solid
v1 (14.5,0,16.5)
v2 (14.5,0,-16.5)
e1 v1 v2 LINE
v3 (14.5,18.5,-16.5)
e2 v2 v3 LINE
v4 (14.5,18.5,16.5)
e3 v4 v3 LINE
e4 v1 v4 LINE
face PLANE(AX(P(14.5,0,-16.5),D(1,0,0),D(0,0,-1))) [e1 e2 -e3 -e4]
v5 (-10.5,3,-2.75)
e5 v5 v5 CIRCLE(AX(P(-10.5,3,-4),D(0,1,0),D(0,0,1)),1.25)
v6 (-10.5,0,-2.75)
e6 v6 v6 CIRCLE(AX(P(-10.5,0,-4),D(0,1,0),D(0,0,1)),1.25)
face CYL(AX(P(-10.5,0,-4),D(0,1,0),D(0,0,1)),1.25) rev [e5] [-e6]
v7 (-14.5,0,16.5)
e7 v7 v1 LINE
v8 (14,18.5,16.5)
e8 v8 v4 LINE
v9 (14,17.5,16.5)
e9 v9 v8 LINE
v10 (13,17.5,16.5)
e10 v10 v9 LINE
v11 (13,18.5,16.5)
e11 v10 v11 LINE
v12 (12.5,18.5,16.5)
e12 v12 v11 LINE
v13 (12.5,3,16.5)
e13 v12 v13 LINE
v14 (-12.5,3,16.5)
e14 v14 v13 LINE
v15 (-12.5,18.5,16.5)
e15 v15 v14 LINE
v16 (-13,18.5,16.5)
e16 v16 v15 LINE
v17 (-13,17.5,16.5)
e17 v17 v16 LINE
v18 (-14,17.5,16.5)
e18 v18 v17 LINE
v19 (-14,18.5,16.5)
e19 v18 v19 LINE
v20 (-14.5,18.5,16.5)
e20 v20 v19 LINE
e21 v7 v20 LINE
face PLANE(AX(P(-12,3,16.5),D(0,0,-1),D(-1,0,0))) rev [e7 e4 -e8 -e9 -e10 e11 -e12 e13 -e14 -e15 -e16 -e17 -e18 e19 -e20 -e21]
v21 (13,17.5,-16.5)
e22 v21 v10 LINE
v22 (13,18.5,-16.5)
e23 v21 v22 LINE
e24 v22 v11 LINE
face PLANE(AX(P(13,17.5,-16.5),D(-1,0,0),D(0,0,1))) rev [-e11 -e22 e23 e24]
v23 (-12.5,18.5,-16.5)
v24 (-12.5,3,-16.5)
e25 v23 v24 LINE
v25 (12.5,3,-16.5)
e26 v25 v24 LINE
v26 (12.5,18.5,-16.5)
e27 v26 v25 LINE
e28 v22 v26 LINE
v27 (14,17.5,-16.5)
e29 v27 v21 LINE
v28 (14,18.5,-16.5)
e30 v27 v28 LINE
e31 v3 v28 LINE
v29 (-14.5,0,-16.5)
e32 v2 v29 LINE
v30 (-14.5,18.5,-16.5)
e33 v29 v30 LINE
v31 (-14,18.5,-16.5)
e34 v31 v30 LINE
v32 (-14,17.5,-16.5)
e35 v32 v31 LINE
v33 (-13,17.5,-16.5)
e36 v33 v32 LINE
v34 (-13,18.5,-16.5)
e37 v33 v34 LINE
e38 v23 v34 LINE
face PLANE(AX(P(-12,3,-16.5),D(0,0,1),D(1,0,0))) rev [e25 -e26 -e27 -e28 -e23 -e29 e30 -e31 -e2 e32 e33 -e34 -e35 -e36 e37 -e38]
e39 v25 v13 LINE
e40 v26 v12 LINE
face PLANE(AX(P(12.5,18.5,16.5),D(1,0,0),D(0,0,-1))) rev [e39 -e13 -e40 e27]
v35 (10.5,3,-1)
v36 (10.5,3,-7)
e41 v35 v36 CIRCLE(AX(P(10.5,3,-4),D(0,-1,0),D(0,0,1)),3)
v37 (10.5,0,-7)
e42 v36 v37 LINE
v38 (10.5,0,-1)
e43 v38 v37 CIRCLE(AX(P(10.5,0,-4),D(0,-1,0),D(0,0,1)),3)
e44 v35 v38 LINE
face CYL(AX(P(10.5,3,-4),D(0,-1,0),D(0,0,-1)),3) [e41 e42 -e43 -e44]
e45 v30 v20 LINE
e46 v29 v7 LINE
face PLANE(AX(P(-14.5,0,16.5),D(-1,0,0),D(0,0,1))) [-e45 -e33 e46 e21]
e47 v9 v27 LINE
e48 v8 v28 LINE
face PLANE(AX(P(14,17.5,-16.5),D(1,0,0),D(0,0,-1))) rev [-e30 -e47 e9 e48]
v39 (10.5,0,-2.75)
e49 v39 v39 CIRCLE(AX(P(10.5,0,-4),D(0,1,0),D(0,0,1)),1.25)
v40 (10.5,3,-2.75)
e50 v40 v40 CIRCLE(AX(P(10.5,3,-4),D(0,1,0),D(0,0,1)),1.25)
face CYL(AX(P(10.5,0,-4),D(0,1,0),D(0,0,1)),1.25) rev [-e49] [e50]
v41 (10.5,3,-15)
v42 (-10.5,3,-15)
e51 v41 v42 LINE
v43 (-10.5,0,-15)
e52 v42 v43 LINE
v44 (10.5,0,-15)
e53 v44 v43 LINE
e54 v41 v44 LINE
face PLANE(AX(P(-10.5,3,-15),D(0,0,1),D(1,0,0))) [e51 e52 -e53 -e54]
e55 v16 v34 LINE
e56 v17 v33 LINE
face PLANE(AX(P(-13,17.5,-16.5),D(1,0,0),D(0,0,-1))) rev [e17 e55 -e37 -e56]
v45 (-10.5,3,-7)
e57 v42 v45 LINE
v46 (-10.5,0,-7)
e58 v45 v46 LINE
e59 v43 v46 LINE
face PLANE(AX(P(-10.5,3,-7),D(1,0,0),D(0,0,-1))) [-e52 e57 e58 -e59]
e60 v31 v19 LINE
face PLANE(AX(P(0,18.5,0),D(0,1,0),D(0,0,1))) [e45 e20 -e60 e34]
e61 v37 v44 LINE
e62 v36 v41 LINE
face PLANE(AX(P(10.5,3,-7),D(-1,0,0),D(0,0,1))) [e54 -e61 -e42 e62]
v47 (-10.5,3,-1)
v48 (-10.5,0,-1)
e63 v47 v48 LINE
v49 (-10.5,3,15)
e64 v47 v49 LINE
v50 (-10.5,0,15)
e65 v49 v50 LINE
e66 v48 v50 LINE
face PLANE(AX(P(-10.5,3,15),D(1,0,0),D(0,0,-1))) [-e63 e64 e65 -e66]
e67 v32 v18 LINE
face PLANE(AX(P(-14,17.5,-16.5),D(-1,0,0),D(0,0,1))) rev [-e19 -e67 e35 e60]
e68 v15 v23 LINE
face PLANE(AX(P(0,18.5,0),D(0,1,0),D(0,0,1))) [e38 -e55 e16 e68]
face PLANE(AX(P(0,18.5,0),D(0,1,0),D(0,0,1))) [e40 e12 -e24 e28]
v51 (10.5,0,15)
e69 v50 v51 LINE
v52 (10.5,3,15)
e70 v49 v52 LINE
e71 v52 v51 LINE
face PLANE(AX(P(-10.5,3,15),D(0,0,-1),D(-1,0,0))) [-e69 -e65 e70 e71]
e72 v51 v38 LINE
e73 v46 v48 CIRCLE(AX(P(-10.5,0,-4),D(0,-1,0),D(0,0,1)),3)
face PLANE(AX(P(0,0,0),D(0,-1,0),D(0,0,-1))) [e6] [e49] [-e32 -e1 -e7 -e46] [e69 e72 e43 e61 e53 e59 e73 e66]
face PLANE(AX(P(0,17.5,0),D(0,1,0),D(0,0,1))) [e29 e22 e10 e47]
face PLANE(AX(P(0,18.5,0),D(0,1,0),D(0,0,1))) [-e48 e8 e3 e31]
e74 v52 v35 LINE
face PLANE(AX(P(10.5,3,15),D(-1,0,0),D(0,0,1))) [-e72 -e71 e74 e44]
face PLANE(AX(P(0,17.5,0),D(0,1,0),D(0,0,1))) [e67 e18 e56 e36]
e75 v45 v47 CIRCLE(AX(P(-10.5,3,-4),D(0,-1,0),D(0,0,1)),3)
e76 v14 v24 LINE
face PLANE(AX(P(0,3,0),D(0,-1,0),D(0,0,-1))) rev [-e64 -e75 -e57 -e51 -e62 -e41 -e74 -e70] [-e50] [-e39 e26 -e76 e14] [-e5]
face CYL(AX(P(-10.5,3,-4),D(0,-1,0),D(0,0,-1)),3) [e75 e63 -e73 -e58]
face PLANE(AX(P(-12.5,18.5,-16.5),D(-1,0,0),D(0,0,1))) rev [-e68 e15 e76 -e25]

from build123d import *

# Parameters (mm, degrees)
SKETCH1_W           = 24
SKETCH1_H           = 33
BOSS_EXTRUDE2_DEPTH = 3
SKETCH2_R           = 1.25
CUT_EXTRUDE2_DEPTH  = 3
SKETCH4_W           = 2.5
SKETCH4_H           = 33
BOSS_EXTRUDE3_DEPTH = 3
SKETCH5_W           = 2
SKETCH5_H           = 33
BOSS_EXTRUDE4_DEPTH = 15.5
SKETCH6_W           = 1
SKETCH6_H           = 33
CUT_EXTRUDE3_DEPTH  = 1


with BuildPart() as part:
    # Sketch1 → Boss-Extrude2 (new body)
    with BuildSketch(Plane(origin=(0, 0, 0), x_dir=(1, 0, 0), z_dir=(0, 1, 0))):
        Rectangle(SKETCH1_W, SKETCH1_H)
        with BuildLine():
            Line((10.5, 7), (10.5, 15))
            Line((10.5, 15), (-10.5, 15))
            Line((-10.5, 15), (-10.5, 7))
            ThreePointArc((-10.5, 7), (-7.5, 4), (-10.5, 1))
            Line((-10.5, 1), (-10.5, -15))
            Line((-10.5, -15), (10.5, -15))
            Line((10.5, -15), (10.5, 1))
            ThreePointArc((10.5, 1), (7.5, 4), (10.5, 7))
        make_face(mode=Mode.SUBTRACT)
    extrude(amount=BOSS_EXTRUDE2_DEPTH)

    # Sketch2 → Cut-Extrude2 (cut)
    with BuildSketch(Plane(origin=(0, 3, 0), x_dir=(1, 0, 0), z_dir=(0, 1, 0))):
        with Locations(Location((-10.5, 4, 0), (0, 0, 270))):
            Circle(SKETCH2_R)
        with Locations(Location((10.5, 4, 0), (0, 0, 270))):
            Circle(SKETCH2_R)
    extrude(amount=-CUT_EXTRUDE2_DEPTH, mode=Mode.SUBTRACT)

    # Sketch4 → Boss-Extrude3 (add)
    with BuildSketch(Plane(origin=(0, 3, 0), x_dir=(1, 0, 0), z_dir=(0, 1, 0))):
        with Locations((-13.25, 0)):
            Rectangle(SKETCH4_W, SKETCH4_H)
        with Locations((13.25, 0)):
            Rectangle(SKETCH4_W, SKETCH4_H)
    extrude(amount=-BOSS_EXTRUDE3_DEPTH)

    # Sketch5 → Boss-Extrude4 (add)
    with BuildSketch(Plane(origin=(0, 3, 0), x_dir=(1, 0, 0), z_dir=(0, 1, 0))):
        with Locations((-13.5, 0)):
            Rectangle(SKETCH5_W, SKETCH5_H)
        with Locations((13.5, 0)):
            Rectangle(SKETCH5_W, SKETCH5_H)
    extrude(amount=BOSS_EXTRUDE4_DEPTH)

    # Sketch6 → Cut-Extrude3 (cut)
    with BuildSketch(Plane(origin=(0, 18.5, 0), x_dir=(1, 0, 0), z_dir=(0, 1, 0))):
        with Locations((13.5, 0)):
            Rectangle(SKETCH6_W, SKETCH6_H)
        with Locations((-13.5, 0)):
            Rectangle(SKETCH6_W, SKETCH6_H)
    extrude(amount=-CUT_EXTRUDE3_DEPTH, mode=Mode.SUBTRACT)


solid = part.part
